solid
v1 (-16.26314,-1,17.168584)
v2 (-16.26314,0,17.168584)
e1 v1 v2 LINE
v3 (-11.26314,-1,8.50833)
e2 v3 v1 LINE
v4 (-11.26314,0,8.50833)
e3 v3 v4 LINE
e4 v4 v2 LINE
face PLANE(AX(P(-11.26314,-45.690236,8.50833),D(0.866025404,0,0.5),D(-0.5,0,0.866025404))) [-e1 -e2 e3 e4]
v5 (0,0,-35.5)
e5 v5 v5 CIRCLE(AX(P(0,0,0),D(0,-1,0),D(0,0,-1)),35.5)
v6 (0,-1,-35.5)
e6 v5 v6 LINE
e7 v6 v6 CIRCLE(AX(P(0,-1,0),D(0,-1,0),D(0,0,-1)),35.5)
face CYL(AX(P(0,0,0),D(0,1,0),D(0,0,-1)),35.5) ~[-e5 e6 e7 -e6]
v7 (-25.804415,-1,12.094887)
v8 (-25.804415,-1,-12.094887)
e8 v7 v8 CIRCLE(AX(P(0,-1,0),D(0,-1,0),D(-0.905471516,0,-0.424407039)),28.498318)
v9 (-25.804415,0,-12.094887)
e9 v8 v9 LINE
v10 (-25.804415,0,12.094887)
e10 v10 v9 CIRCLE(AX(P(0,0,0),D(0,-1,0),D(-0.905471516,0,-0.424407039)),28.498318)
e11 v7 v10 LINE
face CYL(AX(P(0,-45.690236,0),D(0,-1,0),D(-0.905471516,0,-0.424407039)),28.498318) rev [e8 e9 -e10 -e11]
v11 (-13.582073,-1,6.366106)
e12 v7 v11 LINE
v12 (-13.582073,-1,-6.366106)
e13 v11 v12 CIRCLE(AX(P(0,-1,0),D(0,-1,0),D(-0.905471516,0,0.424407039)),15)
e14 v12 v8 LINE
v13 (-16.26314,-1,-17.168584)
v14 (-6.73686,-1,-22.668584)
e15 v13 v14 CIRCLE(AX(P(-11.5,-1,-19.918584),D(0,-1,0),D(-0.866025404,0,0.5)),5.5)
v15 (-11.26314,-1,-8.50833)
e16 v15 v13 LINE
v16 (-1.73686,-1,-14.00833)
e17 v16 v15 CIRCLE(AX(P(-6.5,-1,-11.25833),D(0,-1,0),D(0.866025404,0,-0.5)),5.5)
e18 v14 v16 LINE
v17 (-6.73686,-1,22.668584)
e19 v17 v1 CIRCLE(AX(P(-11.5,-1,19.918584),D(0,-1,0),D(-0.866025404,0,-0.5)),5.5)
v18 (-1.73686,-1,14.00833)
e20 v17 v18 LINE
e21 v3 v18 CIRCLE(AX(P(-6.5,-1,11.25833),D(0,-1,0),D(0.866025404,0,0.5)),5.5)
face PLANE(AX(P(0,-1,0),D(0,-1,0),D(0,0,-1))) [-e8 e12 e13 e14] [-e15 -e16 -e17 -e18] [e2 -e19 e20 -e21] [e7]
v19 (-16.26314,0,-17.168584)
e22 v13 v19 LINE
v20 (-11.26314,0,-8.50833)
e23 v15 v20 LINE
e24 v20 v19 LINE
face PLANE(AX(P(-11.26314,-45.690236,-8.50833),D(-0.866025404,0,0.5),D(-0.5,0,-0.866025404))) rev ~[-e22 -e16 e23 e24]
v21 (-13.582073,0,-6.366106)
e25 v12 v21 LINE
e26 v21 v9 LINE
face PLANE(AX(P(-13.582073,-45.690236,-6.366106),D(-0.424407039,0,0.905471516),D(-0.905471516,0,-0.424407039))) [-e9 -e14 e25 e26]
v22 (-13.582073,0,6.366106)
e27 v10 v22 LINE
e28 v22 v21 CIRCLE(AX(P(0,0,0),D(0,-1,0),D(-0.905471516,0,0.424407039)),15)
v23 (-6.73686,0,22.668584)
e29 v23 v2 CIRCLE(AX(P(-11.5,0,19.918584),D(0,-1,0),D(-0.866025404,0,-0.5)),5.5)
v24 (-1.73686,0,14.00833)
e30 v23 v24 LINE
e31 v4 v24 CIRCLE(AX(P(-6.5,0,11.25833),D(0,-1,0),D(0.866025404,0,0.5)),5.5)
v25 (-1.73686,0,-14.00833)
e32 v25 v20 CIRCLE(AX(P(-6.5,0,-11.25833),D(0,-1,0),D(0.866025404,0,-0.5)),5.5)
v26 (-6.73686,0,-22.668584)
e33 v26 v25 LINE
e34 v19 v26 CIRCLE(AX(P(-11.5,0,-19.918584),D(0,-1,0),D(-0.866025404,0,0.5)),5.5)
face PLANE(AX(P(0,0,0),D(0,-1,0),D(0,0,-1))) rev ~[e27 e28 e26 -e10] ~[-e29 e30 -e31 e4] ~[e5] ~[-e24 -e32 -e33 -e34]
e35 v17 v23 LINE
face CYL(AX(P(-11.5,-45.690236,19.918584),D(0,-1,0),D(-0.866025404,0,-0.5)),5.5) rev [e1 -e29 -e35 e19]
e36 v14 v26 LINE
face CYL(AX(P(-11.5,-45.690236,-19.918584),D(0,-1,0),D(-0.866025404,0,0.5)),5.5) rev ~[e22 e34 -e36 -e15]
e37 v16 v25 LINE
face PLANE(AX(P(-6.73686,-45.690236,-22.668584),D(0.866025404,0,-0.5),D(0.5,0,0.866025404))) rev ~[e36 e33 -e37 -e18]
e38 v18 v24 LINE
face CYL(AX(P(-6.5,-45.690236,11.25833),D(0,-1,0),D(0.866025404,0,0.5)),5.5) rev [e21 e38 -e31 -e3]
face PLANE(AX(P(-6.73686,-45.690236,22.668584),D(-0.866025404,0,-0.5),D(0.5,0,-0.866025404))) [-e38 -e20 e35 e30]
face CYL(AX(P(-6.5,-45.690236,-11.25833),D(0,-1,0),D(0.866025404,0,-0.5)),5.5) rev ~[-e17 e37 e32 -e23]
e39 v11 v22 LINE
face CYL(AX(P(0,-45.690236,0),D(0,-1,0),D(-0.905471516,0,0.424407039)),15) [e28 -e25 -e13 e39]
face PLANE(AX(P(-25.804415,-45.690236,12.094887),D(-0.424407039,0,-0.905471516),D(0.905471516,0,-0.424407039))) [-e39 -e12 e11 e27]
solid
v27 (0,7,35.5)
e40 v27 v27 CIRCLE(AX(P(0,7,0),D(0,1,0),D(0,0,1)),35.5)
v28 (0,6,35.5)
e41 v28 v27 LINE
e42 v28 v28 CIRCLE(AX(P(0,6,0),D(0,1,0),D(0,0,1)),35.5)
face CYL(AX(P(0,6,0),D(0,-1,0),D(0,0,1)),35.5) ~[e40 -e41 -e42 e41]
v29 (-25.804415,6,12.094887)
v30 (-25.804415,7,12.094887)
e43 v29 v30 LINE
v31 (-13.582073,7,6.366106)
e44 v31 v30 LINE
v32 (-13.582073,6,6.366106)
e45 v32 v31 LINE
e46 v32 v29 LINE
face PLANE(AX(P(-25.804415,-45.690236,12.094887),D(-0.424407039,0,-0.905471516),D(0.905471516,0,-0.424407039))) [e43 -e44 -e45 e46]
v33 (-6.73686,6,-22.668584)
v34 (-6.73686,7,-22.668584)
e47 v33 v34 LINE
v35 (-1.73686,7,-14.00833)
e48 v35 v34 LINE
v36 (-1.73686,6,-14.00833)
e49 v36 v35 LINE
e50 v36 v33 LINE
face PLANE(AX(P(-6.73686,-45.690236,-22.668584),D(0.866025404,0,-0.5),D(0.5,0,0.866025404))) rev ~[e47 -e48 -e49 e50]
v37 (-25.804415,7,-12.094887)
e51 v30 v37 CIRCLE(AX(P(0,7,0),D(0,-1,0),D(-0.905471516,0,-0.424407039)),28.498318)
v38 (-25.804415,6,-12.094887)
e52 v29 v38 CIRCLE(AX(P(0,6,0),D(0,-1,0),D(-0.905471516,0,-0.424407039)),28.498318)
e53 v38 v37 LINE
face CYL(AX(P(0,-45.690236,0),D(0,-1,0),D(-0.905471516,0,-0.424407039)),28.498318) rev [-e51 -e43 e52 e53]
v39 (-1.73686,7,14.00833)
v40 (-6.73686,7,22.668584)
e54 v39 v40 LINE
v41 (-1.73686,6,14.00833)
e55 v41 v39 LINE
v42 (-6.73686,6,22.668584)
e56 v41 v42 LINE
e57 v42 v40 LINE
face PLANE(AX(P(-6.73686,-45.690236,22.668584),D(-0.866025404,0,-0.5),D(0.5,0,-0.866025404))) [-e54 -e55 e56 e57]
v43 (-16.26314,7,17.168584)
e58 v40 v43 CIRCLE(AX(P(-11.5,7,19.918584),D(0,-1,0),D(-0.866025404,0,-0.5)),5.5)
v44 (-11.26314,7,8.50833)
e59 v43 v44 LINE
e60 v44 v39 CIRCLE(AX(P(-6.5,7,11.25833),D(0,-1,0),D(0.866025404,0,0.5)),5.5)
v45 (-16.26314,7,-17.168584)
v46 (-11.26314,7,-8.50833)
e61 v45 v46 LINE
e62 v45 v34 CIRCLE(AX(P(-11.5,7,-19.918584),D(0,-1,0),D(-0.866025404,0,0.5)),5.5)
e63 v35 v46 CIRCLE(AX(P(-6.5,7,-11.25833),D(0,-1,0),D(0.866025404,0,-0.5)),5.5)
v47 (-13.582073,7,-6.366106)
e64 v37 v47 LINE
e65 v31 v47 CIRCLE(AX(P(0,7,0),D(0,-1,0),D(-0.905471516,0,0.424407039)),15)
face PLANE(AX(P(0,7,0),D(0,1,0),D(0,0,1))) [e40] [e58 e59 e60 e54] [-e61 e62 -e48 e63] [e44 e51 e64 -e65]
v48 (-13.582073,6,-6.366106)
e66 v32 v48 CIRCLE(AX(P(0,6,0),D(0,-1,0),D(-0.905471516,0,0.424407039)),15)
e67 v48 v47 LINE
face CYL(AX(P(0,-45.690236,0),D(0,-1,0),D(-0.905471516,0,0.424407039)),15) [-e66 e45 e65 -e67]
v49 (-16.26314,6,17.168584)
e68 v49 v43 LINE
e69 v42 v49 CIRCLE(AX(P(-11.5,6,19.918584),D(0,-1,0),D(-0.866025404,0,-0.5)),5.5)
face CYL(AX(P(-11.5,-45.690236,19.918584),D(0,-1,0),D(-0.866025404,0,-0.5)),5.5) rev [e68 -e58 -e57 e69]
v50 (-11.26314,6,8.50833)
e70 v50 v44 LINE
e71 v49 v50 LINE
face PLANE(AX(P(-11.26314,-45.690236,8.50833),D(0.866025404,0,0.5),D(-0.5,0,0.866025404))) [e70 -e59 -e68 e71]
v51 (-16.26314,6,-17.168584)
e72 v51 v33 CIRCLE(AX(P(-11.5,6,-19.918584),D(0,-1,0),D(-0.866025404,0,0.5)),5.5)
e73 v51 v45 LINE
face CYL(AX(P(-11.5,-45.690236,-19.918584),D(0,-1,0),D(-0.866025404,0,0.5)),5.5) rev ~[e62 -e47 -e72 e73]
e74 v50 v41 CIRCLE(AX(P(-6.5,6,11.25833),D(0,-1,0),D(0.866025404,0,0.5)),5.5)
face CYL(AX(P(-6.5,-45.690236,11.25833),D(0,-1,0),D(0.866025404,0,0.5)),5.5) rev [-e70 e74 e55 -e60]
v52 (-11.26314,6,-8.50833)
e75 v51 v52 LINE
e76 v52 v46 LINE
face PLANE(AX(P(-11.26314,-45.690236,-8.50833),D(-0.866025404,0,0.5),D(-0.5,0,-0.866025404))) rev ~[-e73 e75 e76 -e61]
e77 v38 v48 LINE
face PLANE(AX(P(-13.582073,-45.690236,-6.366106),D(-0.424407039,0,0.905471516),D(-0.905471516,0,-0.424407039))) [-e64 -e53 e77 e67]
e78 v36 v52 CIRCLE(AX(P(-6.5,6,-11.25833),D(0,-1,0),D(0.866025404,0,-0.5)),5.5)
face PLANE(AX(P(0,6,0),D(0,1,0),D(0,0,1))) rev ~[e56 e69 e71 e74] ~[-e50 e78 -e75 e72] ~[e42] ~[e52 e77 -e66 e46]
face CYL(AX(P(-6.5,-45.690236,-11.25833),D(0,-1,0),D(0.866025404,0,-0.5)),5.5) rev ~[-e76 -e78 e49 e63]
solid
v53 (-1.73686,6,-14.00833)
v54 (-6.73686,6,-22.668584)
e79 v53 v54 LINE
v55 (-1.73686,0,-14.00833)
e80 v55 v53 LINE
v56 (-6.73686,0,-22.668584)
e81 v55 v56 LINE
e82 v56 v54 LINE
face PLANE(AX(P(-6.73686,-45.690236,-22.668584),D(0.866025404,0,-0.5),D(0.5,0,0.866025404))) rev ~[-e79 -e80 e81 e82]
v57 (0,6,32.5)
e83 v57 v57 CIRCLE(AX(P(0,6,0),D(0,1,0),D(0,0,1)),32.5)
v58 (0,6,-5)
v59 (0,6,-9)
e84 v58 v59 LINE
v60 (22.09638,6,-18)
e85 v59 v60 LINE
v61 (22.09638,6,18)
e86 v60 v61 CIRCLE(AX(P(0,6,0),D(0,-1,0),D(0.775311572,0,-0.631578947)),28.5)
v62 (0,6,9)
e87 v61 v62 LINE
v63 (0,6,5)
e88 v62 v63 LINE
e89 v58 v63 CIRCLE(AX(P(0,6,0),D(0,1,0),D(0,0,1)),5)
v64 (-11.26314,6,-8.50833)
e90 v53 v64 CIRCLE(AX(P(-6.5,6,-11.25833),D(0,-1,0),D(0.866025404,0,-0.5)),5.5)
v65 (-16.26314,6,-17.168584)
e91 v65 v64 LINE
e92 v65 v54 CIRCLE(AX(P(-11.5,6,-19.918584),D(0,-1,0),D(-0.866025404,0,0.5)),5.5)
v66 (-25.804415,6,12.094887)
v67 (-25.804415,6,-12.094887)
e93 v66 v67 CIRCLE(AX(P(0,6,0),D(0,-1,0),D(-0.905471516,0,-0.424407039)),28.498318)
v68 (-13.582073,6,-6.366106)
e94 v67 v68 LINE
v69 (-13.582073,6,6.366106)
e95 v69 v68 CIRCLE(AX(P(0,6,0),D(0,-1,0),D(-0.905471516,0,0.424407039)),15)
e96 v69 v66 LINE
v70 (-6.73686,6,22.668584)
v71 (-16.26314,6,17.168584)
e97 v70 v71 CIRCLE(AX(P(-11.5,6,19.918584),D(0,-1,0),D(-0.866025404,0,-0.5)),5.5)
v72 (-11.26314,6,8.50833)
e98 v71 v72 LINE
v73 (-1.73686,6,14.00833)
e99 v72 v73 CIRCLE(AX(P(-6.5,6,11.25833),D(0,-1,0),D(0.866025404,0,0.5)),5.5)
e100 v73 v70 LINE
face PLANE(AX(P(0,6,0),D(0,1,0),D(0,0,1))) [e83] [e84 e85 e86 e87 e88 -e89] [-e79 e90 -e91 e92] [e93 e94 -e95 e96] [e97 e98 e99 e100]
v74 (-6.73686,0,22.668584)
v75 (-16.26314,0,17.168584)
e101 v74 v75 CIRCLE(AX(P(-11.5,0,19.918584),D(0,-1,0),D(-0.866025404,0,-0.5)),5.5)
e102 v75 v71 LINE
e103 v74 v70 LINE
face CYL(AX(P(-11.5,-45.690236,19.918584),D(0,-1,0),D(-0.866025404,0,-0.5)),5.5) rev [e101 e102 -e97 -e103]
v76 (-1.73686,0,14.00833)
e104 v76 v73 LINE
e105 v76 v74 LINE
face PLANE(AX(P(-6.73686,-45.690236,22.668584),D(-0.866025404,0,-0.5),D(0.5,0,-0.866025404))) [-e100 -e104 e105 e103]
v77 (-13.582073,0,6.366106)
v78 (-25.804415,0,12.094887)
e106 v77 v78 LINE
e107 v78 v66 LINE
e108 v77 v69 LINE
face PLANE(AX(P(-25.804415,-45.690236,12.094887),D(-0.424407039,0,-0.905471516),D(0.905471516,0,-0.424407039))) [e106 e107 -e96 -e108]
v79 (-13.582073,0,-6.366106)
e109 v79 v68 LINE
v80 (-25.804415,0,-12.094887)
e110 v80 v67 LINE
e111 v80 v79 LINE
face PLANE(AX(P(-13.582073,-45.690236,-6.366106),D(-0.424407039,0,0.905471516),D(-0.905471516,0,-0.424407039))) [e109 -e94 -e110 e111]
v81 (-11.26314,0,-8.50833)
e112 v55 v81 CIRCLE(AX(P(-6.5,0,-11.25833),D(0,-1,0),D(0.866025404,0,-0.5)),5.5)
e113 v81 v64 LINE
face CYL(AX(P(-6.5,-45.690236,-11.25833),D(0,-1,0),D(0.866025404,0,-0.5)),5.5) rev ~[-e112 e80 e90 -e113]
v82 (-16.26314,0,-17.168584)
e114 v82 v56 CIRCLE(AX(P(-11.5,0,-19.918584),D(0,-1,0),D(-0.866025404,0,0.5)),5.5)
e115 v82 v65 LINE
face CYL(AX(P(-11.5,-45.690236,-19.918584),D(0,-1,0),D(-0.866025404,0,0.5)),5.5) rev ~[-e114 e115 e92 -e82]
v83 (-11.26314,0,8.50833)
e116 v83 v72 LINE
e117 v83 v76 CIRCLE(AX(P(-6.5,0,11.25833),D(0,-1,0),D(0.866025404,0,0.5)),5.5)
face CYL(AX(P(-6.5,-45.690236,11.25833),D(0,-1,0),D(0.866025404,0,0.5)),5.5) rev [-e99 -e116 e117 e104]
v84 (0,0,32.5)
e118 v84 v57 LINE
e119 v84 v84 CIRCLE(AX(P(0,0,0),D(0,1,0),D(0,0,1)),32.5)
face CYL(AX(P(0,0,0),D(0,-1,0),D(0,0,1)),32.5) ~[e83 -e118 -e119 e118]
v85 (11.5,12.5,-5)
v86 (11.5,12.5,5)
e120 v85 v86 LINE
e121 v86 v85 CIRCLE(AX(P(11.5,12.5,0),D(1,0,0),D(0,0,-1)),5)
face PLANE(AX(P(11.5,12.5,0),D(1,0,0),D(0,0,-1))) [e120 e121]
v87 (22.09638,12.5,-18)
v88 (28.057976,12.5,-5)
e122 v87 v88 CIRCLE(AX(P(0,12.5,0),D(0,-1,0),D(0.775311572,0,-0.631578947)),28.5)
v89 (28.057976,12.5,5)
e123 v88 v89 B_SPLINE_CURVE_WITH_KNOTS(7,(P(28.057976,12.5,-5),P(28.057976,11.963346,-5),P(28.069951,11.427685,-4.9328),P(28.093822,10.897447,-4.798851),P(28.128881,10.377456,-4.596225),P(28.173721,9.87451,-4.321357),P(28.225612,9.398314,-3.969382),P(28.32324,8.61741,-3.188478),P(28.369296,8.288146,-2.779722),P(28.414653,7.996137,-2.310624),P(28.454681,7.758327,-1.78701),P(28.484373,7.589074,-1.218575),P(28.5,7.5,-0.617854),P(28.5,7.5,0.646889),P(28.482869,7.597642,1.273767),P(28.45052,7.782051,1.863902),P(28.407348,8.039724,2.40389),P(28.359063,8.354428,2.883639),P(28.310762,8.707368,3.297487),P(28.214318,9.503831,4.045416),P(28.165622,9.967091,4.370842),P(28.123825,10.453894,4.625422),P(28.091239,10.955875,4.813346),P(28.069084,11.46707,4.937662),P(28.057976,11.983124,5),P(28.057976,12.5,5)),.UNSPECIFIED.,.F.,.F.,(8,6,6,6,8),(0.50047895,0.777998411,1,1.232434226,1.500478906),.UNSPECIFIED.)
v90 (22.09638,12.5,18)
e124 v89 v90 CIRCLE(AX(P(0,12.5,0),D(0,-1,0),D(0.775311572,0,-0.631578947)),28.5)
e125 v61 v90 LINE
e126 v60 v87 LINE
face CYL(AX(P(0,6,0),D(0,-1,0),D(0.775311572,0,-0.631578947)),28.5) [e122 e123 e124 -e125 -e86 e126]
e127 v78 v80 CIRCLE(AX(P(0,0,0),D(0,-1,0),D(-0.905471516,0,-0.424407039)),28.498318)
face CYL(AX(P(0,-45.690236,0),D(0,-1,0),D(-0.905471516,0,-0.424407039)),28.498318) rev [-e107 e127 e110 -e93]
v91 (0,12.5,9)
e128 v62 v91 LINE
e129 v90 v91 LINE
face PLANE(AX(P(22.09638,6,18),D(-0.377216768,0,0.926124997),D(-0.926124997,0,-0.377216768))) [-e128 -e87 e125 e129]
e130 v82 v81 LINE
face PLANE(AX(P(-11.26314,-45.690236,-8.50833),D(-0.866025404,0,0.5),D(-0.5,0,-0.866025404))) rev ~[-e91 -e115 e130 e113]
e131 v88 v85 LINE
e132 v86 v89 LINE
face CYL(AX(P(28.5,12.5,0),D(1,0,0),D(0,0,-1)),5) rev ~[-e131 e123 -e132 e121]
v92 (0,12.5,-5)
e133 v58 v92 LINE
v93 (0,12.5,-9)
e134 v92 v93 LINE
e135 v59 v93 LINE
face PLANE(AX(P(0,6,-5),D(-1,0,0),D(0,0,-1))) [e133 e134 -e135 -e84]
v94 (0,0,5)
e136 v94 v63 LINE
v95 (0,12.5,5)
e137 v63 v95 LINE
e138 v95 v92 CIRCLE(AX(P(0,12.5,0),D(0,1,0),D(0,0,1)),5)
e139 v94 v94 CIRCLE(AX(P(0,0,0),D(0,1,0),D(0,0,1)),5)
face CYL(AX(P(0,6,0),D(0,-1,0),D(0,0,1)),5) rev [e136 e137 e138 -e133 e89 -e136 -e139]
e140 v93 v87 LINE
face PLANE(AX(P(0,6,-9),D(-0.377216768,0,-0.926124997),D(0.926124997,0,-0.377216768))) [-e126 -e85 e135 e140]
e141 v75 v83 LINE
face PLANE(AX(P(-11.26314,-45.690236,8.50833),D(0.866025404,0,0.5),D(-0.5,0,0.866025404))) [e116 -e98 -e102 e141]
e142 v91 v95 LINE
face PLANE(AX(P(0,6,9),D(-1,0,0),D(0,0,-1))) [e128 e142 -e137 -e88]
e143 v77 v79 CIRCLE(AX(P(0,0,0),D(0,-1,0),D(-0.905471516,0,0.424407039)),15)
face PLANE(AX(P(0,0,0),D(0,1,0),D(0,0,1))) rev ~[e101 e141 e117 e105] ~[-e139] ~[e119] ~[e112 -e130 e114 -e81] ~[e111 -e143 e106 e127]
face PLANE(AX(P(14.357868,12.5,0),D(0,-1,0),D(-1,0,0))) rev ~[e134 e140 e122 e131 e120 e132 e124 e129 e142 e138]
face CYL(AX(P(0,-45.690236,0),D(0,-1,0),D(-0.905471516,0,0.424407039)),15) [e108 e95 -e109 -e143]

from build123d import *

# Parameters (mm, degrees)
SKETCH1_R               = 32.5
SKETCH1_R_2             = 5
BOSS_EXTRUDE1_DEPTH     = 6
BOSS_EXTRUDE3_DEPTH     = 6.5
SKETCH6_R               = 5
CUT_EXTRUDE1_DEPTH      = 17
SKETCH11_R              = 35.5
BOSS_EXTRUDE4_DEPTH     = 1
SKETCH12_R              = 35.5
BOSS_EXTRUDE5_DEPTH     = 1
CUT_EXTRUDE4_DEPTH      = 51.690235746
CUT_EXTRUDE4_DEPTH_BACK = 51.690235746
CUT_EXTRUDE5_DEPTH      = 51.690235746
CUT_EXTRUDE5_DEPTH_BACK = 51.690235746


with BuildPart() as part:
    # Sketch1 → Boss-Extrude1 (new body)
    with BuildSketch(Plane(origin=(0, 0, 0), x_dir=(1, 0, 0), z_dir=(0, 1, 0))):
        with Locations(Location((0, 0, 0), (0, 0, 270))):
            Circle(SKETCH1_R)
        with Locations(Location((0, 0, 0), (0, 0, 270))):
            Circle(SKETCH1_R_2, mode=Mode.SUBTRACT)
    extrude(amount=BOSS_EXTRUDE1_DEPTH)

    # Sketch5 → Boss-Extrude3 (add)
    with BuildSketch(Plane(origin=(0, 6, 0), x_dir=(1, 0, 0), z_dir=(0, 1, 0))):
        with BuildLine():
            Line((0, 9), (22.096379794, 18))
            ThreePointArc((22.096379794, 18), (28.5, 0), (22.096379794, -18))
            Line((22.096379794, -18), (0, -9))
            Line((0, -9), (0, -5))
            ThreePointArc((0, -5), (5, 0), (0, 5))
            Line((0, 5), (0, 9))
        make_face()
    extrude(amount=BOSS_EXTRUDE3_DEPTH)

    # Sketch6 → Cut-Extrude1 (cut)
    with BuildSketch(Plane(origin=(28.5, 0, 0), x_dir=(0, 0, -1), z_dir=(1, 0, 0))):
        with Locations((0, 12.5)):
            Circle(SKETCH6_R)
    extrude(amount=-CUT_EXTRUDE1_DEPTH, mode=Mode.SUBTRACT)


with BuildPart() as body_2:
    # Sketch11 → Boss-Extrude4 (new body)
    with BuildSketch(Plane(origin=(0, 6, 0), x_dir=(1, 0, 0), z_dir=(0, 1, 0))):
        with Locations(Location((0, 0, 0), (0, 0, 270))):
            Circle(SKETCH11_R)
    extrude(amount=BOSS_EXTRUDE4_DEPTH)


with BuildPart() as body_3:
    # Sketch12 → Boss-Extrude5 (new body)
    with BuildSketch(Plane.XZ):
        with Locations(Location((0, 0, 0), (0, 0, 270))):
            Circle(SKETCH12_R)
    extrude(amount=BOSS_EXTRUDE5_DEPTH)


with BuildPart() as cut_extrude4_tool:
    # Sketch10 → Cut-Extrude4 (new, two sides: drawn at the far end of the back side and taken through both)
    with BuildSketch(Plane(origin=(0, 6, 0), x_dir=(1, 0, 0), z_dir=(0, 1, 0)).offset(-CUT_EXTRUDE4_DEPTH_BACK)):
        with BuildLine():
            Line((-13.582072734, 6.366105579), (-25.804414899, 12.094886611))
            ThreePointArc((-25.804414899, 12.094886611), (-28.498317677, 0), (-25.804414899, -12.094886611))
            Line((-25.804414899, -12.094886611), (-13.582072734, -6.366105579))
            ThreePointArc((-13.582072734, -6.366105579), (-15, 0), (-13.582072734, 6.366105579))
        make_face()
    extrude(amount=CUT_EXTRUDE4_DEPTH + CUT_EXTRUDE4_DEPTH_BACK)


with BuildPart() as part_1:
    add(part.part)

    # Cut-Extrude4: cut by cut_extrude4_tool
    add(cut_extrude4_tool.part, mode=Mode.SUBTRACT)


with BuildPart() as body_2_1:
    add(body_2.part)

    # Cut-Extrude4: cut by cut_extrude4_tool
    add(cut_extrude4_tool.part, mode=Mode.SUBTRACT)


with BuildPart() as body_3_1:
    add(body_3.part)

    # Cut-Extrude4: cut by cut_extrude4_tool
    add(cut_extrude4_tool.part, mode=Mode.SUBTRACT)


with BuildPart() as cut_extrude5_tool:
    # Sketch8 → Cut-Extrude5 (new, two sides: drawn at the far end of the back side and taken through both)
    with BuildSketch(Plane(origin=(0, 6, 0), x_dir=(1, 0, 0), z_dir=(0, 1, 0)).offset(-CUT_EXTRUDE5_DEPTH_BACK)):
        with BuildLine():
            Line((-6.736860279, 22.668584287), (-1.736860279, 14.008330249))
            ThreePointArc((-1.736860279, 14.008330249), (-3.75, 6.495190528), (-11.263139721, 8.508330249))
            Line((-11.263139721, 8.508330249), (-16.263139721, 17.168584287))
            ThreePointArc((-16.263139721, 17.168584287), (-14.25, 24.681724008), (-6.736860279, 22.668584287))
        make_face()
        with BuildLine():
            Line((-6.736860279, -22.668584287), (-1.736860279, -14.008330249))
            ThreePointArc((-1.736860279, -14.008330249), (-3.75, -6.495190528), (-11.263139721, -8.508330249))
            Line((-11.263139721, -8.508330249), (-16.263139721, -17.168584287))
            ThreePointArc((-16.263139721, -17.168584287), (-14.25, -24.681724008), (-6.736860279, -22.668584287))
        make_face()
    extrude(amount=CUT_EXTRUDE5_DEPTH + CUT_EXTRUDE5_DEPTH_BACK)


with BuildPart() as part_2:
    add(part_1.part)

    # Cut-Extrude5: cut by cut_extrude5_tool
    add(cut_extrude5_tool.part, mode=Mode.SUBTRACT)


with BuildPart() as body_2_2:
    add(body_2_1.part)

    # Cut-Extrude5: cut by cut_extrude5_tool
    add(cut_extrude5_tool.part, mode=Mode.SUBTRACT)


with BuildPart() as body_3_2:
    add(body_3_1.part)

    # Cut-Extrude5: cut by cut_extrude5_tool
    add(cut_extrude5_tool.part, mode=Mode.SUBTRACT)


solid = Compound([part_2.part, body_2_2.part, body_3_2.part])
